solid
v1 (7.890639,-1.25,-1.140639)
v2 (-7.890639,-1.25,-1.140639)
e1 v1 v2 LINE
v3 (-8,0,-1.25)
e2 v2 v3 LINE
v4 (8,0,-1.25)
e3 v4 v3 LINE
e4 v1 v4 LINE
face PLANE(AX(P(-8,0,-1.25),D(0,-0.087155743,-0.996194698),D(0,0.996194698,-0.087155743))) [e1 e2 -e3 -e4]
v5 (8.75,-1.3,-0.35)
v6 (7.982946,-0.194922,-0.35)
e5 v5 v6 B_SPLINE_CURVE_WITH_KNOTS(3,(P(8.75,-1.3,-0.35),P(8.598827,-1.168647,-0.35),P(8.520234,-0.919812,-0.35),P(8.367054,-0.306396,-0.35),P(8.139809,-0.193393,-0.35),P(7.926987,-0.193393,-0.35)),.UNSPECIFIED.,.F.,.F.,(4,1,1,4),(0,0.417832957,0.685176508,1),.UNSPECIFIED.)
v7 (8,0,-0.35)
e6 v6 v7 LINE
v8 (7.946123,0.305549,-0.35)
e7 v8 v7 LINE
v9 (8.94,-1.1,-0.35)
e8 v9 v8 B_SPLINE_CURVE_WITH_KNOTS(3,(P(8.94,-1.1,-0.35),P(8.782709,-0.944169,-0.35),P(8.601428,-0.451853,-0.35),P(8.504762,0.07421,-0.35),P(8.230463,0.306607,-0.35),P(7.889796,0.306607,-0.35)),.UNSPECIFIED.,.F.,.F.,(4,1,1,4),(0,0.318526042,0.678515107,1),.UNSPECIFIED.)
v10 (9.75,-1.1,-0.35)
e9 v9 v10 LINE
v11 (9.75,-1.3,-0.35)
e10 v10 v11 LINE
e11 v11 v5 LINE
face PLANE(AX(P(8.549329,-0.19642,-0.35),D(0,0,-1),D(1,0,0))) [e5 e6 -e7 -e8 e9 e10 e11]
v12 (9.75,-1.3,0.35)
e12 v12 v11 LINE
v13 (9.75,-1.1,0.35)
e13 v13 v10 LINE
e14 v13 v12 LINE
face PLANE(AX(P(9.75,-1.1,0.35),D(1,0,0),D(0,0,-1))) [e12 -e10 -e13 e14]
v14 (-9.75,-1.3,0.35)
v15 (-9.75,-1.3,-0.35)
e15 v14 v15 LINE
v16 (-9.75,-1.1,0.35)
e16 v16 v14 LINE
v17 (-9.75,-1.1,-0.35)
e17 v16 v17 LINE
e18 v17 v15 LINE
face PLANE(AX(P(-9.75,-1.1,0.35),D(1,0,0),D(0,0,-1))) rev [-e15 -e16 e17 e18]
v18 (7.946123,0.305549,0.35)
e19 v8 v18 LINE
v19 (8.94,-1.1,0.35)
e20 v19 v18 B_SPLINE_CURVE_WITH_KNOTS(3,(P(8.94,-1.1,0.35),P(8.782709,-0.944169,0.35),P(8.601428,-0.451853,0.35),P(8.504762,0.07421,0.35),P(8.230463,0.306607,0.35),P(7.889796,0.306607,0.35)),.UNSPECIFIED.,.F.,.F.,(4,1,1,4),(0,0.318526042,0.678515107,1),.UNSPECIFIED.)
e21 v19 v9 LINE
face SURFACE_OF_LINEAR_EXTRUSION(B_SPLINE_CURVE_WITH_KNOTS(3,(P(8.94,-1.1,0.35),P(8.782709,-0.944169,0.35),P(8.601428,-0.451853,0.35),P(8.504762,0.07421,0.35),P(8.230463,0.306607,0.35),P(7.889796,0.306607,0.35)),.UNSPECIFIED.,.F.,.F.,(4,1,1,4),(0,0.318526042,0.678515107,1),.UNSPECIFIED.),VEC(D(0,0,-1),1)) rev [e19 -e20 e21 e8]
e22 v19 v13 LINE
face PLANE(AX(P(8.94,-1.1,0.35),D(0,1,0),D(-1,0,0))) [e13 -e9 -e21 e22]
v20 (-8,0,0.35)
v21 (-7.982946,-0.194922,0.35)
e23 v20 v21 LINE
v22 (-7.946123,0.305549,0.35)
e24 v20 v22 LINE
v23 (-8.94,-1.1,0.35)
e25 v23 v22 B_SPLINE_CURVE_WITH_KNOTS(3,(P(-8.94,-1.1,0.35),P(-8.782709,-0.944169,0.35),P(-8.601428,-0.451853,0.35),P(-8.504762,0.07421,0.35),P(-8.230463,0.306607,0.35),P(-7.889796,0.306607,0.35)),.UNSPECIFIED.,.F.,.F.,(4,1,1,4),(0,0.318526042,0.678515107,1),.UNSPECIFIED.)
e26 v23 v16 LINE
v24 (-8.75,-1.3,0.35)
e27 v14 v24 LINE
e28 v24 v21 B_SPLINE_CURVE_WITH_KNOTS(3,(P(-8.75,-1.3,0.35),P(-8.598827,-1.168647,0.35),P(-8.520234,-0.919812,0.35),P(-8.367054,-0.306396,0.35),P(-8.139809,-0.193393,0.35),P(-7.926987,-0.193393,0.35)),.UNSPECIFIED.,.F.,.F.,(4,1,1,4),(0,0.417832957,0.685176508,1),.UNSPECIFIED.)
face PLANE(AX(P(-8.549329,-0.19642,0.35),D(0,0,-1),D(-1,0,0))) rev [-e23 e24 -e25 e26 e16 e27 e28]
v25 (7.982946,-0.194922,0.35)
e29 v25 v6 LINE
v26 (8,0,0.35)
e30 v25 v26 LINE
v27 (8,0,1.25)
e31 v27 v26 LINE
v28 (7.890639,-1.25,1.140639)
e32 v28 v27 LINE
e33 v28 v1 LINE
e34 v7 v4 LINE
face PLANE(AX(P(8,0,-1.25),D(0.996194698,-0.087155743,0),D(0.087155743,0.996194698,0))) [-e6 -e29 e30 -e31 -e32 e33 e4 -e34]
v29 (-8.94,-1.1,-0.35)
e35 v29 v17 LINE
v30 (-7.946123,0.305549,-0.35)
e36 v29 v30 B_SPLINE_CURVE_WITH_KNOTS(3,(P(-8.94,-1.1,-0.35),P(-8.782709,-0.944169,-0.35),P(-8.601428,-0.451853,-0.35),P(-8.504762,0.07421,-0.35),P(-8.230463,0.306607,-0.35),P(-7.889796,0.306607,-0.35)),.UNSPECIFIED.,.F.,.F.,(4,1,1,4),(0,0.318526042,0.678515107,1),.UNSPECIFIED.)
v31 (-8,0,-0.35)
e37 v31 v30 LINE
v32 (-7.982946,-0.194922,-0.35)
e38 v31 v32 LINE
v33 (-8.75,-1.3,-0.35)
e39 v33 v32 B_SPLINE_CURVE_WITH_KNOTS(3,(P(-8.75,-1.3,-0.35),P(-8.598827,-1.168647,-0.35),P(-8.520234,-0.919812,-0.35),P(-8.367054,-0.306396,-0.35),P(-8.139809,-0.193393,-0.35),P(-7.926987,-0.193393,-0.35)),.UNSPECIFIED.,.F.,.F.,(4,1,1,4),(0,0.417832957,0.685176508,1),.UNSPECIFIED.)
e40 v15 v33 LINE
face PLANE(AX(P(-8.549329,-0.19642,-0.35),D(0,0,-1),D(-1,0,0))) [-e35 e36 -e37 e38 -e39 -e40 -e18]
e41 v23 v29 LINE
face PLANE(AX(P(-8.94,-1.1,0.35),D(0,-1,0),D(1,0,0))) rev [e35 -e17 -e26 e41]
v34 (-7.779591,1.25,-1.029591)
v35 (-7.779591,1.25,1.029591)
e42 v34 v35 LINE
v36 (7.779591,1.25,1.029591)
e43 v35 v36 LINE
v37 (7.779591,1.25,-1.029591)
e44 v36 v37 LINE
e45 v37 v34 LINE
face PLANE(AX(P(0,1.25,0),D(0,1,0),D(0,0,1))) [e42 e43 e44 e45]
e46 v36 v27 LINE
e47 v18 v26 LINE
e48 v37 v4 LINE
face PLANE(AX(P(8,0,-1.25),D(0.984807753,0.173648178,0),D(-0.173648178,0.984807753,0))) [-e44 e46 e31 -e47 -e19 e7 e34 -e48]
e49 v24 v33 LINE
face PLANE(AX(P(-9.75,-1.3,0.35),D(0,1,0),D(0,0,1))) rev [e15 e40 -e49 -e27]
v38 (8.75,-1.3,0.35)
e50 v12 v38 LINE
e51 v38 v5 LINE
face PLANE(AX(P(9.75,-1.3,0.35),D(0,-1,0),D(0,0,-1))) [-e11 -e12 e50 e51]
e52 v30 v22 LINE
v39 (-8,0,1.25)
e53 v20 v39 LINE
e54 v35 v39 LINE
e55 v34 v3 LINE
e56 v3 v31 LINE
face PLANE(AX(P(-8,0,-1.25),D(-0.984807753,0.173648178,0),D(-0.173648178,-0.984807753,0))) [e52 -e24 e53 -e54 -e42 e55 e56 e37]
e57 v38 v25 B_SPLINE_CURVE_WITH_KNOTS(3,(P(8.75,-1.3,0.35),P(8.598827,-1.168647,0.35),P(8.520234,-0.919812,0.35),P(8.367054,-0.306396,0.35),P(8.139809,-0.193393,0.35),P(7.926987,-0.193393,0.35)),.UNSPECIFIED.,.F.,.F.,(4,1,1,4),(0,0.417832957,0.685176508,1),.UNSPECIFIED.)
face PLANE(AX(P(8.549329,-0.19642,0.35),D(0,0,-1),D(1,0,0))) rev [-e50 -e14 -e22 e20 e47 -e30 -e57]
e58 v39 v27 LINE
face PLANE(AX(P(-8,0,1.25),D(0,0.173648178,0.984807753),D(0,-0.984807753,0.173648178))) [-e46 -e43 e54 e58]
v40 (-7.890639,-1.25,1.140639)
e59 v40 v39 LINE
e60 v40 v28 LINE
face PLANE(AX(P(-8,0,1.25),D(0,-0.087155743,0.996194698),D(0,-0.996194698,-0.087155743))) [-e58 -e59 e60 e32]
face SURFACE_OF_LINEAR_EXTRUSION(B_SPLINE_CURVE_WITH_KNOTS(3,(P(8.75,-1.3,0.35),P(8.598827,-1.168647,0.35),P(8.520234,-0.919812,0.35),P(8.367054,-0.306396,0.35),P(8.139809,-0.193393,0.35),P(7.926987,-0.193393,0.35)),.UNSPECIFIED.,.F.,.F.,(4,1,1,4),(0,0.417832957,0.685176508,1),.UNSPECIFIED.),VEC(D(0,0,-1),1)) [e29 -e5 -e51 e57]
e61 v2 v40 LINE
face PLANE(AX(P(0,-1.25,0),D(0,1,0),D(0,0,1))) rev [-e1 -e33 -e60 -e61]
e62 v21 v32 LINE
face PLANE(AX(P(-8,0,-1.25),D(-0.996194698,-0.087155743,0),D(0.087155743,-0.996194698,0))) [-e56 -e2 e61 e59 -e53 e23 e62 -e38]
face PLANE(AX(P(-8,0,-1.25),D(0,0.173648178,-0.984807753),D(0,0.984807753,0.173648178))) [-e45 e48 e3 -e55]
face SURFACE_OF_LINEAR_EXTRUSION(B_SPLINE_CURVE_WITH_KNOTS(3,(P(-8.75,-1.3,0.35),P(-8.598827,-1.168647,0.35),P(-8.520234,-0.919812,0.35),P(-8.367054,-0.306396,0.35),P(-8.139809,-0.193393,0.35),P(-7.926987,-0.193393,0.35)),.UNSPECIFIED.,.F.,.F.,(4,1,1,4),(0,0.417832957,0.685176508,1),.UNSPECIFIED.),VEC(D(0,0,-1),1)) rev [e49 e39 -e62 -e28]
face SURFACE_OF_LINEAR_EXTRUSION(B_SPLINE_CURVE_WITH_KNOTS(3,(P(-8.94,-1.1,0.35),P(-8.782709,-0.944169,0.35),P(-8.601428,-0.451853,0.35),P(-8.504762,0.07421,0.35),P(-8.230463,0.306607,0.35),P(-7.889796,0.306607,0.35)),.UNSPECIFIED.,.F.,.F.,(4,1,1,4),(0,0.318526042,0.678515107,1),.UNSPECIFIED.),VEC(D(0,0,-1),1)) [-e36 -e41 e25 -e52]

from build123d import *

# Parameters (mm, degrees)
SKETCH_2_W                = 16
SKETCH_2_H                = 2.5
EXTRUDE_1_DEPTH           = 1.25
EXTRUDE_1_TAPER           = 10
EXTRUDE_1_OTHER_WAY_DEPTH = 1.25
EXTRUDE_1_OTHER_WAY_TAPER = 5
EXTRUDE_2_DEPTH           = 0.35


with BuildPart() as part:
    # Эскиз2 → Бобышка-Вытянуть1 (new body)
    with BuildSketch(Plane(origin=(0, 0, 0), x_dir=(1, 0, 0), z_dir=(0, 1, 0))):
        Rectangle(SKETCH_2_W, SKETCH_2_H)
    extrude(amount=EXTRUDE_1_DEPTH, taper=EXTRUDE_1_TAPER)

    # Эскиз2 → Бобышка-Вытянуть1 other way (add)
    with BuildSketch(Plane(origin=(0, 0, 0), x_dir=(1, 0, 0), z_dir=(0, 1, 0))):
        Rectangle(SKETCH_2_W, SKETCH_2_H)
    extrude(amount=-EXTRUDE_1_OTHER_WAY_DEPTH, taper=EXTRUDE_1_OTHER_WAY_TAPER)

    # Эскиз3 → Бобышка-Вытянуть2 (add, symmetric)
    with BuildSketch(Plane.XY):
        with BuildLine():
            Line((-8.94, -1.1), (-9.75, -1.1))
            Line((-9.75, -1.1), (-9.75, -1.3))
            Line((-9.75, -1.3), (-8.75, -1.3))
            add(Edge.make_bspline(
                [(-8.75, -1.3), (-8.598827161, -1.168647342), (-8.520234343, -0.919812082), (-8.367054145, -0.306395683), (-8.139808897, -0.193393407), (-7.92698735, -0.193393407)],
                knots=[0, 0, 0, 0, 0.417832957, 0.685176508, 1, 1, 1, 1], degree=3))
            Line((-7.92698735, -0.193393407), (-7.373029008, -0.193393407))
            Line((-7.373029008, -0.193393407), (-7.373029008, 0.306606593))
            Line((-7.373029008, 0.306606593), (-7.889795637, 0.306606593))
            add(Edge.make_bspline(
                [(-8.94, -1.1), (-8.782709202, -0.94416904), (-8.601427611, -0.451853298), (-8.504762441, 0.074209929), (-8.230463242, 0.306606593), (-7.889795637, 0.306606593)],
                knots=[0, 0, 0, 0, 0.318526042, 0.678515107, 1, 1, 1, 1], degree=3))
        make_face()
    extrude_2 = extrude(amount=EXTRUDE_2_DEPTH, both=True)

    # Зеркальное отражение1: Бобышка-Вытянуть2 across plane
    add(extrude_2.mirror(Plane(origin=(0, 0, 0), x_dir=(0, 0, 1), z_dir=(1, 0, 0))))


solid = part.part
